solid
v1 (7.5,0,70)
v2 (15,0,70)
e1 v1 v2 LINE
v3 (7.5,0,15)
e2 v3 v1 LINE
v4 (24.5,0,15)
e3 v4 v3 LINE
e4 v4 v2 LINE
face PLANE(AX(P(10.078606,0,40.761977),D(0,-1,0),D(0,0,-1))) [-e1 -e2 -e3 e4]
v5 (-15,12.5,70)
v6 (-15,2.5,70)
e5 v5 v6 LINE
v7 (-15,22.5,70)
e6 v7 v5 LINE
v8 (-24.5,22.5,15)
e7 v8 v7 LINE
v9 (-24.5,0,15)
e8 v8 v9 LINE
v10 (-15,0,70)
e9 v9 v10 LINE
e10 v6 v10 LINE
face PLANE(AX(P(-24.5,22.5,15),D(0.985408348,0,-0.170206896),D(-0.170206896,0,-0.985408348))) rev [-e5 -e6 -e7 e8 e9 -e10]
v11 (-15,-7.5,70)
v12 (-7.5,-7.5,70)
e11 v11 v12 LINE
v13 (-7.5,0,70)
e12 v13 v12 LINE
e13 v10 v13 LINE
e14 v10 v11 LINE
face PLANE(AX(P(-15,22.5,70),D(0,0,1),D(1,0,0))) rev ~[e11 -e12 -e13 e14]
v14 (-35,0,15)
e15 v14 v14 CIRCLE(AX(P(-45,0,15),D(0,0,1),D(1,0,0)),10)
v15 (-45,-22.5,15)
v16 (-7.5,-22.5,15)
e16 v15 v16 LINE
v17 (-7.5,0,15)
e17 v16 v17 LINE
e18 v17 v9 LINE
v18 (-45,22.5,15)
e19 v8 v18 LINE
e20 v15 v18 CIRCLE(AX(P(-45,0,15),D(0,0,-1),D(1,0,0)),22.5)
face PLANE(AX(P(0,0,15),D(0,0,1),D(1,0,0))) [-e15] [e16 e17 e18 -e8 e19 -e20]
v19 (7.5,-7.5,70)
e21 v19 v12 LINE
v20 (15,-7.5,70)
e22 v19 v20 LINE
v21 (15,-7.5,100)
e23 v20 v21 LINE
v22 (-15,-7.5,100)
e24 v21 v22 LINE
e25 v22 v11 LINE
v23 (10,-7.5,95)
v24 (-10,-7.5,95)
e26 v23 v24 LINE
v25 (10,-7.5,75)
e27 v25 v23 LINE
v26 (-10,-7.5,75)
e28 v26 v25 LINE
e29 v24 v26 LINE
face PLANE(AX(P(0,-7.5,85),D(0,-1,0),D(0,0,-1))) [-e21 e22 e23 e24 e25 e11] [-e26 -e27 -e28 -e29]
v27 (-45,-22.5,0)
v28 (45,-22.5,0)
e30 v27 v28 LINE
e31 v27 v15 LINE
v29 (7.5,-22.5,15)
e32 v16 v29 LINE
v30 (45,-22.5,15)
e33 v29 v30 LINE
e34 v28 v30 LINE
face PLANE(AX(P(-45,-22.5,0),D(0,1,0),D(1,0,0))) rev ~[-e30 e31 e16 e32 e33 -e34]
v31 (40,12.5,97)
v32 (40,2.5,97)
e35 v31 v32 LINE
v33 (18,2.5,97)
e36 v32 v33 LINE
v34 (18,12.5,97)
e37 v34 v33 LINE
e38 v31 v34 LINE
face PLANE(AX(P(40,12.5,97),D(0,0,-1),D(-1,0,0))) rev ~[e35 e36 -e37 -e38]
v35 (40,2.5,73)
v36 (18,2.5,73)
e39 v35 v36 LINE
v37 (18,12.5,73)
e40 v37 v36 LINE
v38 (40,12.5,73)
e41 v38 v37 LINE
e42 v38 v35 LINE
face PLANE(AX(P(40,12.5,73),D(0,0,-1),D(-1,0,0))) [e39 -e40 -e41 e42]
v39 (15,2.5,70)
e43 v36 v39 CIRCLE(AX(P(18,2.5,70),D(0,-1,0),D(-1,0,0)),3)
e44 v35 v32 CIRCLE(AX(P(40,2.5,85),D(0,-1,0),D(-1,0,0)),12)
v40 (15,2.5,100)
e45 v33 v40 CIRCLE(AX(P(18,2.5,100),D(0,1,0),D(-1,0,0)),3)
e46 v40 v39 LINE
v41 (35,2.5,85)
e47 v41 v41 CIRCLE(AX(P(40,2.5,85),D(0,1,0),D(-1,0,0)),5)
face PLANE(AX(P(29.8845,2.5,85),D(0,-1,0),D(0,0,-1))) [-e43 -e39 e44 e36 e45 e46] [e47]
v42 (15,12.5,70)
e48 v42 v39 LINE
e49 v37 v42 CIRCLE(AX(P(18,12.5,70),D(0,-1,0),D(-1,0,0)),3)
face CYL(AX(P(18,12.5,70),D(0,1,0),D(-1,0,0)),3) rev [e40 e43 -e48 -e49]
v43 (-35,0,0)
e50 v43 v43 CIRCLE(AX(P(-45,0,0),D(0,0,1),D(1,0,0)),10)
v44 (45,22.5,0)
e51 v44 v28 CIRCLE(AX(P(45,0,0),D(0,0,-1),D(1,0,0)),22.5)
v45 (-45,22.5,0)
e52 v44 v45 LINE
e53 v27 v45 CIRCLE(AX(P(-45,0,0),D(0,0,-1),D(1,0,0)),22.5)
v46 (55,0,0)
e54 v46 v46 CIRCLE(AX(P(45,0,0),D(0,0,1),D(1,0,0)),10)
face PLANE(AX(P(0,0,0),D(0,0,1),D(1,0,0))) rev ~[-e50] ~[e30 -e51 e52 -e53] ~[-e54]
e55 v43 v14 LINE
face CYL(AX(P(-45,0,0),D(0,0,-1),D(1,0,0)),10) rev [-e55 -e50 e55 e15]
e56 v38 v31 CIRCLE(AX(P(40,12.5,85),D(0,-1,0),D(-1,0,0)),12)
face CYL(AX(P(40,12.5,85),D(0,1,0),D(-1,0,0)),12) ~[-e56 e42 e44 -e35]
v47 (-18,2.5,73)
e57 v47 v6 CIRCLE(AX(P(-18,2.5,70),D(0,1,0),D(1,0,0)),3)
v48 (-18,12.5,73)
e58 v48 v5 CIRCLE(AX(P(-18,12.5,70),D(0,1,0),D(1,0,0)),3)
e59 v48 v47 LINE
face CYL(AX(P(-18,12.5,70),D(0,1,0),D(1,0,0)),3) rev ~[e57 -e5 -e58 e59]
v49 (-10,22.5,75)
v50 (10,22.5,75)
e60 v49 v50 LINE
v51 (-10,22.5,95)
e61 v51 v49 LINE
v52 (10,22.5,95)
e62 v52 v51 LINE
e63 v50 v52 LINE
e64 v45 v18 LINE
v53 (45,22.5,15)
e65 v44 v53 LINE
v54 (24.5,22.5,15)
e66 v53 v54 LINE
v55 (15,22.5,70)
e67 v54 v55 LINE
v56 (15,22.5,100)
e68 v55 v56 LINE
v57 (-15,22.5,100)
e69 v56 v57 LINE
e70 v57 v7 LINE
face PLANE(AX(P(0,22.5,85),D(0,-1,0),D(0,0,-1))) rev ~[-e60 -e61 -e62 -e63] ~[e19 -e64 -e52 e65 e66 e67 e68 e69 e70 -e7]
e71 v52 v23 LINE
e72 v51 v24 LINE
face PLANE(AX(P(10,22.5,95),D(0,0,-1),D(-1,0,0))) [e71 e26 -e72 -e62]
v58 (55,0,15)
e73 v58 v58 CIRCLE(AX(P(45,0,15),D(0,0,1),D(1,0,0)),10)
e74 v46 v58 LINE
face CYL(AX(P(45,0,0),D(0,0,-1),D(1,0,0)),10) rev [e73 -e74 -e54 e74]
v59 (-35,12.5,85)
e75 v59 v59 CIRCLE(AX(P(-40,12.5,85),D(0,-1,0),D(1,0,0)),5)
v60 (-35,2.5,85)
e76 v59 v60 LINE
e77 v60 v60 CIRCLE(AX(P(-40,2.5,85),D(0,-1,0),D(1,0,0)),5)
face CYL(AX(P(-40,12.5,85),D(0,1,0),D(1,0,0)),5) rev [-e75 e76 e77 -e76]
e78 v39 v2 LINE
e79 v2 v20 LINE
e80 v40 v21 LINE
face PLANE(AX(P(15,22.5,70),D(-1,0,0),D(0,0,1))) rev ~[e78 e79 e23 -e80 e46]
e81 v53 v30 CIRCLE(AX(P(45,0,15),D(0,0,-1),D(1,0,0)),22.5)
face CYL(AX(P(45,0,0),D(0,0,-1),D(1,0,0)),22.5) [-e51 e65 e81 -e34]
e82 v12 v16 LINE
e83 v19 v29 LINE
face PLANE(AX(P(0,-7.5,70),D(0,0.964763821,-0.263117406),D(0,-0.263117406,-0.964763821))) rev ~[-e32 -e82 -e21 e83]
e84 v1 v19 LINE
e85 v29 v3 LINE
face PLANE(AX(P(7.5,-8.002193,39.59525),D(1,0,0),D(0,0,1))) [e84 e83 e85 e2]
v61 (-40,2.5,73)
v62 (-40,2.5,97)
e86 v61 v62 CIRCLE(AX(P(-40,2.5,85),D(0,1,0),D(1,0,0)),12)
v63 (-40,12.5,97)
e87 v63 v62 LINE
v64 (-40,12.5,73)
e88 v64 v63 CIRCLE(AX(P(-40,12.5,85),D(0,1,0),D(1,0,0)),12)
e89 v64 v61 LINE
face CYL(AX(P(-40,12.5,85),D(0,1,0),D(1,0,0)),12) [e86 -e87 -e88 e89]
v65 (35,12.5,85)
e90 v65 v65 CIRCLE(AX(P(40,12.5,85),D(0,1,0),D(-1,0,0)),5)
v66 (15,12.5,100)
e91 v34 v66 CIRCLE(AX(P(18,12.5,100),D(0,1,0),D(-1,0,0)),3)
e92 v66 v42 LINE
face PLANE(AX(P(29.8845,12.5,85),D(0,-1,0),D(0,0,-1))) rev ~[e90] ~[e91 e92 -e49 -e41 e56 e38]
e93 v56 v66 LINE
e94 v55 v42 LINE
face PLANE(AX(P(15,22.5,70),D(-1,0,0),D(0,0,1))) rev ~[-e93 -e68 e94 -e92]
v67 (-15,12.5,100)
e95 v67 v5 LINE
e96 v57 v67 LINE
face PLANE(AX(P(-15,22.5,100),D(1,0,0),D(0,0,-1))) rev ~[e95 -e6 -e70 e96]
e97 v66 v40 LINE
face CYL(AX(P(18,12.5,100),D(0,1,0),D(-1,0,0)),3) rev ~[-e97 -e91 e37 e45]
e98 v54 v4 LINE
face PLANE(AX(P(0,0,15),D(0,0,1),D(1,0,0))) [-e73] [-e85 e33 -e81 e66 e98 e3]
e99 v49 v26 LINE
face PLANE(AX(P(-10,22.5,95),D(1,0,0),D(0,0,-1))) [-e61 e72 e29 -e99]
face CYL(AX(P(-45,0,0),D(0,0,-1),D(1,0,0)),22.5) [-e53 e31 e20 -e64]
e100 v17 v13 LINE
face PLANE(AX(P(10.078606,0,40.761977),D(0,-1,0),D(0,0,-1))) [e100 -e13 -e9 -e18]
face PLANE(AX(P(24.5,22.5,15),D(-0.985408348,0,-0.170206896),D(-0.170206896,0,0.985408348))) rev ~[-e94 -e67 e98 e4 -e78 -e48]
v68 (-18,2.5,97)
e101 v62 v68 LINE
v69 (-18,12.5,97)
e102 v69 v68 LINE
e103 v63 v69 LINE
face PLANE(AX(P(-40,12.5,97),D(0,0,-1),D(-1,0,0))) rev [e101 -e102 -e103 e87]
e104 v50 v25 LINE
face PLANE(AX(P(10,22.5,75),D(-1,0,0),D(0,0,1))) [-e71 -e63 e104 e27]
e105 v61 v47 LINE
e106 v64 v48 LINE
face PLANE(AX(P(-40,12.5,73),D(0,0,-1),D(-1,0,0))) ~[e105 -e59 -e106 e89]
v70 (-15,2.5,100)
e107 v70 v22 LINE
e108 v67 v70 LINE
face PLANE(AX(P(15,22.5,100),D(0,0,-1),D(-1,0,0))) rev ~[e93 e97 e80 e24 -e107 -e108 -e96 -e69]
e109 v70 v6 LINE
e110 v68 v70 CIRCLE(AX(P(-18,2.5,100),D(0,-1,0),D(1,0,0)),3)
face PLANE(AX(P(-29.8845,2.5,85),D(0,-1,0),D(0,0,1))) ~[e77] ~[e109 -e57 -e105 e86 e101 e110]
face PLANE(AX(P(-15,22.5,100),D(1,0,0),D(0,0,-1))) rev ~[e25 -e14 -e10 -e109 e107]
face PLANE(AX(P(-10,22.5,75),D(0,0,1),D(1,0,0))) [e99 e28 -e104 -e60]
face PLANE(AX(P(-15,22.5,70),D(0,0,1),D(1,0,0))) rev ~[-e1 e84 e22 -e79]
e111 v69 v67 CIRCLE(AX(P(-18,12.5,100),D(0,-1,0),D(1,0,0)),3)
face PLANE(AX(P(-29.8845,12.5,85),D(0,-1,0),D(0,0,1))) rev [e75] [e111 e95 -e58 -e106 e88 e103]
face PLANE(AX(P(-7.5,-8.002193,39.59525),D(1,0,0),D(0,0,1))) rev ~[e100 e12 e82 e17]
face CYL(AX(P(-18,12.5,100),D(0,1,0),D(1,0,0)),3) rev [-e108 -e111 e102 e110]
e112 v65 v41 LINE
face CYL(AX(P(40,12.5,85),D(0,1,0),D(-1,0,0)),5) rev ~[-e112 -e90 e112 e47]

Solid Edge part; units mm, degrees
sketch "Sketch1" plane through (0, 0, 0) normal (0, 0, 1) x (1, 0, 0)
  line L0 (-45, -22.5) -> (45, -22.5)
  line L1 (45, 22.5) -> (-45, 22.5)
  arc A0 (45, 22.5) -> (45, -22.5) centre (45, 0) cw
  arc A1 (-45, -22.5) -> (-45, 22.5) centre (-45, 0) cw
  circle A2 centre (45, 0) radius 10
  circle A3 centre (-45, 0) radius 10
extrude "Protrusion1" add sketch "Sketch1" along normal blind 15
sketch "Sketch2" plane through (0, 22.5, 7.5) normal (0, 1, 0) x (-1, 0, 0)
  line L0 (-15, 92.5) -> (15, 92.5)
  line L1 (15, 92.5) -> (15, 62.5)
  line L2 (15, 62.5) -> (-15, 62.5)
  line L3 (-15, 62.5) -> (-15, 92.5)
  line L4 (-10, 87.5) -> (10, 87.5)
  line L5 (10, 87.5) -> (10, 67.5)
  line L6 (10, 67.5) -> (-10, 67.5)
  line L7 (-10, 67.5) -> (-10, 87.5)
extrude "ExtrudedProtrusion_2" add sketch "Sketch2" against normal blind 30
sketch "Sketch3" plane through (0, 12.5, 7.5) normal (0, 1, 0) x (-1, 0, 0)
  line L0 (-40, 89.5) -> (-18, 89.5)
  arc A0 (-18, 89.5) -> (-15, 92.5) centre (-18, 92.5) ccw
  line L1 (-15, 92.5) -> (-15, 62.5)
  arc A1 (-18, 65.5) -> (-15, 62.5) centre (-18, 62.5) cw
  line L2 (-40, 65.5) -> (-18, 65.5)
  arc A2 (-40, 65.5) -> (-40, 89.5) centre (-40, 77.5) cw
  circle A3 centre (-40, 77.5) radius 5
extrude "ExtrudedProtrusion_3" add sketch "Sketch3" against normal blind 10
sketch "Sketch4" plane through (0, 22.5, 7.5) normal (0, 1, 0) x (-1, 0, 0)
  line L0 (-24.5, 7.5) -> (-15, 62.5)
  line L1 (-15, 62.5) -> (0, 62.5)
  line L2 (0, 62.5) -> (0, 7.5)
  line L3 (0, 7.5) -> (-24.5, 7.5)
extrude "ExtrudedProtrusion_4" add sketch "Sketch4" against normal blind 22.5
mirror "Mirror1" about plane through (0, 0, 0) normal (1, 0, 0) of "ExtrudedProtrusion_4", "ExtrudedProtrusion_3"
sketch "Sketch5" plane through (0, 0, 0) normal (1, 0, 0) x (0, 1, 0)
  line L0 (-7.5, 70) -> (-22.5, 15)
  line L1 (-22.5, 15) -> (0, 15)
  line L2 (0, 15) -> (0, 70)
  line L3 (0, 70) -> (-7.5, 70)
extrude "Protrusion_5" add sketch "Sketch5" along normal mid plane 15
